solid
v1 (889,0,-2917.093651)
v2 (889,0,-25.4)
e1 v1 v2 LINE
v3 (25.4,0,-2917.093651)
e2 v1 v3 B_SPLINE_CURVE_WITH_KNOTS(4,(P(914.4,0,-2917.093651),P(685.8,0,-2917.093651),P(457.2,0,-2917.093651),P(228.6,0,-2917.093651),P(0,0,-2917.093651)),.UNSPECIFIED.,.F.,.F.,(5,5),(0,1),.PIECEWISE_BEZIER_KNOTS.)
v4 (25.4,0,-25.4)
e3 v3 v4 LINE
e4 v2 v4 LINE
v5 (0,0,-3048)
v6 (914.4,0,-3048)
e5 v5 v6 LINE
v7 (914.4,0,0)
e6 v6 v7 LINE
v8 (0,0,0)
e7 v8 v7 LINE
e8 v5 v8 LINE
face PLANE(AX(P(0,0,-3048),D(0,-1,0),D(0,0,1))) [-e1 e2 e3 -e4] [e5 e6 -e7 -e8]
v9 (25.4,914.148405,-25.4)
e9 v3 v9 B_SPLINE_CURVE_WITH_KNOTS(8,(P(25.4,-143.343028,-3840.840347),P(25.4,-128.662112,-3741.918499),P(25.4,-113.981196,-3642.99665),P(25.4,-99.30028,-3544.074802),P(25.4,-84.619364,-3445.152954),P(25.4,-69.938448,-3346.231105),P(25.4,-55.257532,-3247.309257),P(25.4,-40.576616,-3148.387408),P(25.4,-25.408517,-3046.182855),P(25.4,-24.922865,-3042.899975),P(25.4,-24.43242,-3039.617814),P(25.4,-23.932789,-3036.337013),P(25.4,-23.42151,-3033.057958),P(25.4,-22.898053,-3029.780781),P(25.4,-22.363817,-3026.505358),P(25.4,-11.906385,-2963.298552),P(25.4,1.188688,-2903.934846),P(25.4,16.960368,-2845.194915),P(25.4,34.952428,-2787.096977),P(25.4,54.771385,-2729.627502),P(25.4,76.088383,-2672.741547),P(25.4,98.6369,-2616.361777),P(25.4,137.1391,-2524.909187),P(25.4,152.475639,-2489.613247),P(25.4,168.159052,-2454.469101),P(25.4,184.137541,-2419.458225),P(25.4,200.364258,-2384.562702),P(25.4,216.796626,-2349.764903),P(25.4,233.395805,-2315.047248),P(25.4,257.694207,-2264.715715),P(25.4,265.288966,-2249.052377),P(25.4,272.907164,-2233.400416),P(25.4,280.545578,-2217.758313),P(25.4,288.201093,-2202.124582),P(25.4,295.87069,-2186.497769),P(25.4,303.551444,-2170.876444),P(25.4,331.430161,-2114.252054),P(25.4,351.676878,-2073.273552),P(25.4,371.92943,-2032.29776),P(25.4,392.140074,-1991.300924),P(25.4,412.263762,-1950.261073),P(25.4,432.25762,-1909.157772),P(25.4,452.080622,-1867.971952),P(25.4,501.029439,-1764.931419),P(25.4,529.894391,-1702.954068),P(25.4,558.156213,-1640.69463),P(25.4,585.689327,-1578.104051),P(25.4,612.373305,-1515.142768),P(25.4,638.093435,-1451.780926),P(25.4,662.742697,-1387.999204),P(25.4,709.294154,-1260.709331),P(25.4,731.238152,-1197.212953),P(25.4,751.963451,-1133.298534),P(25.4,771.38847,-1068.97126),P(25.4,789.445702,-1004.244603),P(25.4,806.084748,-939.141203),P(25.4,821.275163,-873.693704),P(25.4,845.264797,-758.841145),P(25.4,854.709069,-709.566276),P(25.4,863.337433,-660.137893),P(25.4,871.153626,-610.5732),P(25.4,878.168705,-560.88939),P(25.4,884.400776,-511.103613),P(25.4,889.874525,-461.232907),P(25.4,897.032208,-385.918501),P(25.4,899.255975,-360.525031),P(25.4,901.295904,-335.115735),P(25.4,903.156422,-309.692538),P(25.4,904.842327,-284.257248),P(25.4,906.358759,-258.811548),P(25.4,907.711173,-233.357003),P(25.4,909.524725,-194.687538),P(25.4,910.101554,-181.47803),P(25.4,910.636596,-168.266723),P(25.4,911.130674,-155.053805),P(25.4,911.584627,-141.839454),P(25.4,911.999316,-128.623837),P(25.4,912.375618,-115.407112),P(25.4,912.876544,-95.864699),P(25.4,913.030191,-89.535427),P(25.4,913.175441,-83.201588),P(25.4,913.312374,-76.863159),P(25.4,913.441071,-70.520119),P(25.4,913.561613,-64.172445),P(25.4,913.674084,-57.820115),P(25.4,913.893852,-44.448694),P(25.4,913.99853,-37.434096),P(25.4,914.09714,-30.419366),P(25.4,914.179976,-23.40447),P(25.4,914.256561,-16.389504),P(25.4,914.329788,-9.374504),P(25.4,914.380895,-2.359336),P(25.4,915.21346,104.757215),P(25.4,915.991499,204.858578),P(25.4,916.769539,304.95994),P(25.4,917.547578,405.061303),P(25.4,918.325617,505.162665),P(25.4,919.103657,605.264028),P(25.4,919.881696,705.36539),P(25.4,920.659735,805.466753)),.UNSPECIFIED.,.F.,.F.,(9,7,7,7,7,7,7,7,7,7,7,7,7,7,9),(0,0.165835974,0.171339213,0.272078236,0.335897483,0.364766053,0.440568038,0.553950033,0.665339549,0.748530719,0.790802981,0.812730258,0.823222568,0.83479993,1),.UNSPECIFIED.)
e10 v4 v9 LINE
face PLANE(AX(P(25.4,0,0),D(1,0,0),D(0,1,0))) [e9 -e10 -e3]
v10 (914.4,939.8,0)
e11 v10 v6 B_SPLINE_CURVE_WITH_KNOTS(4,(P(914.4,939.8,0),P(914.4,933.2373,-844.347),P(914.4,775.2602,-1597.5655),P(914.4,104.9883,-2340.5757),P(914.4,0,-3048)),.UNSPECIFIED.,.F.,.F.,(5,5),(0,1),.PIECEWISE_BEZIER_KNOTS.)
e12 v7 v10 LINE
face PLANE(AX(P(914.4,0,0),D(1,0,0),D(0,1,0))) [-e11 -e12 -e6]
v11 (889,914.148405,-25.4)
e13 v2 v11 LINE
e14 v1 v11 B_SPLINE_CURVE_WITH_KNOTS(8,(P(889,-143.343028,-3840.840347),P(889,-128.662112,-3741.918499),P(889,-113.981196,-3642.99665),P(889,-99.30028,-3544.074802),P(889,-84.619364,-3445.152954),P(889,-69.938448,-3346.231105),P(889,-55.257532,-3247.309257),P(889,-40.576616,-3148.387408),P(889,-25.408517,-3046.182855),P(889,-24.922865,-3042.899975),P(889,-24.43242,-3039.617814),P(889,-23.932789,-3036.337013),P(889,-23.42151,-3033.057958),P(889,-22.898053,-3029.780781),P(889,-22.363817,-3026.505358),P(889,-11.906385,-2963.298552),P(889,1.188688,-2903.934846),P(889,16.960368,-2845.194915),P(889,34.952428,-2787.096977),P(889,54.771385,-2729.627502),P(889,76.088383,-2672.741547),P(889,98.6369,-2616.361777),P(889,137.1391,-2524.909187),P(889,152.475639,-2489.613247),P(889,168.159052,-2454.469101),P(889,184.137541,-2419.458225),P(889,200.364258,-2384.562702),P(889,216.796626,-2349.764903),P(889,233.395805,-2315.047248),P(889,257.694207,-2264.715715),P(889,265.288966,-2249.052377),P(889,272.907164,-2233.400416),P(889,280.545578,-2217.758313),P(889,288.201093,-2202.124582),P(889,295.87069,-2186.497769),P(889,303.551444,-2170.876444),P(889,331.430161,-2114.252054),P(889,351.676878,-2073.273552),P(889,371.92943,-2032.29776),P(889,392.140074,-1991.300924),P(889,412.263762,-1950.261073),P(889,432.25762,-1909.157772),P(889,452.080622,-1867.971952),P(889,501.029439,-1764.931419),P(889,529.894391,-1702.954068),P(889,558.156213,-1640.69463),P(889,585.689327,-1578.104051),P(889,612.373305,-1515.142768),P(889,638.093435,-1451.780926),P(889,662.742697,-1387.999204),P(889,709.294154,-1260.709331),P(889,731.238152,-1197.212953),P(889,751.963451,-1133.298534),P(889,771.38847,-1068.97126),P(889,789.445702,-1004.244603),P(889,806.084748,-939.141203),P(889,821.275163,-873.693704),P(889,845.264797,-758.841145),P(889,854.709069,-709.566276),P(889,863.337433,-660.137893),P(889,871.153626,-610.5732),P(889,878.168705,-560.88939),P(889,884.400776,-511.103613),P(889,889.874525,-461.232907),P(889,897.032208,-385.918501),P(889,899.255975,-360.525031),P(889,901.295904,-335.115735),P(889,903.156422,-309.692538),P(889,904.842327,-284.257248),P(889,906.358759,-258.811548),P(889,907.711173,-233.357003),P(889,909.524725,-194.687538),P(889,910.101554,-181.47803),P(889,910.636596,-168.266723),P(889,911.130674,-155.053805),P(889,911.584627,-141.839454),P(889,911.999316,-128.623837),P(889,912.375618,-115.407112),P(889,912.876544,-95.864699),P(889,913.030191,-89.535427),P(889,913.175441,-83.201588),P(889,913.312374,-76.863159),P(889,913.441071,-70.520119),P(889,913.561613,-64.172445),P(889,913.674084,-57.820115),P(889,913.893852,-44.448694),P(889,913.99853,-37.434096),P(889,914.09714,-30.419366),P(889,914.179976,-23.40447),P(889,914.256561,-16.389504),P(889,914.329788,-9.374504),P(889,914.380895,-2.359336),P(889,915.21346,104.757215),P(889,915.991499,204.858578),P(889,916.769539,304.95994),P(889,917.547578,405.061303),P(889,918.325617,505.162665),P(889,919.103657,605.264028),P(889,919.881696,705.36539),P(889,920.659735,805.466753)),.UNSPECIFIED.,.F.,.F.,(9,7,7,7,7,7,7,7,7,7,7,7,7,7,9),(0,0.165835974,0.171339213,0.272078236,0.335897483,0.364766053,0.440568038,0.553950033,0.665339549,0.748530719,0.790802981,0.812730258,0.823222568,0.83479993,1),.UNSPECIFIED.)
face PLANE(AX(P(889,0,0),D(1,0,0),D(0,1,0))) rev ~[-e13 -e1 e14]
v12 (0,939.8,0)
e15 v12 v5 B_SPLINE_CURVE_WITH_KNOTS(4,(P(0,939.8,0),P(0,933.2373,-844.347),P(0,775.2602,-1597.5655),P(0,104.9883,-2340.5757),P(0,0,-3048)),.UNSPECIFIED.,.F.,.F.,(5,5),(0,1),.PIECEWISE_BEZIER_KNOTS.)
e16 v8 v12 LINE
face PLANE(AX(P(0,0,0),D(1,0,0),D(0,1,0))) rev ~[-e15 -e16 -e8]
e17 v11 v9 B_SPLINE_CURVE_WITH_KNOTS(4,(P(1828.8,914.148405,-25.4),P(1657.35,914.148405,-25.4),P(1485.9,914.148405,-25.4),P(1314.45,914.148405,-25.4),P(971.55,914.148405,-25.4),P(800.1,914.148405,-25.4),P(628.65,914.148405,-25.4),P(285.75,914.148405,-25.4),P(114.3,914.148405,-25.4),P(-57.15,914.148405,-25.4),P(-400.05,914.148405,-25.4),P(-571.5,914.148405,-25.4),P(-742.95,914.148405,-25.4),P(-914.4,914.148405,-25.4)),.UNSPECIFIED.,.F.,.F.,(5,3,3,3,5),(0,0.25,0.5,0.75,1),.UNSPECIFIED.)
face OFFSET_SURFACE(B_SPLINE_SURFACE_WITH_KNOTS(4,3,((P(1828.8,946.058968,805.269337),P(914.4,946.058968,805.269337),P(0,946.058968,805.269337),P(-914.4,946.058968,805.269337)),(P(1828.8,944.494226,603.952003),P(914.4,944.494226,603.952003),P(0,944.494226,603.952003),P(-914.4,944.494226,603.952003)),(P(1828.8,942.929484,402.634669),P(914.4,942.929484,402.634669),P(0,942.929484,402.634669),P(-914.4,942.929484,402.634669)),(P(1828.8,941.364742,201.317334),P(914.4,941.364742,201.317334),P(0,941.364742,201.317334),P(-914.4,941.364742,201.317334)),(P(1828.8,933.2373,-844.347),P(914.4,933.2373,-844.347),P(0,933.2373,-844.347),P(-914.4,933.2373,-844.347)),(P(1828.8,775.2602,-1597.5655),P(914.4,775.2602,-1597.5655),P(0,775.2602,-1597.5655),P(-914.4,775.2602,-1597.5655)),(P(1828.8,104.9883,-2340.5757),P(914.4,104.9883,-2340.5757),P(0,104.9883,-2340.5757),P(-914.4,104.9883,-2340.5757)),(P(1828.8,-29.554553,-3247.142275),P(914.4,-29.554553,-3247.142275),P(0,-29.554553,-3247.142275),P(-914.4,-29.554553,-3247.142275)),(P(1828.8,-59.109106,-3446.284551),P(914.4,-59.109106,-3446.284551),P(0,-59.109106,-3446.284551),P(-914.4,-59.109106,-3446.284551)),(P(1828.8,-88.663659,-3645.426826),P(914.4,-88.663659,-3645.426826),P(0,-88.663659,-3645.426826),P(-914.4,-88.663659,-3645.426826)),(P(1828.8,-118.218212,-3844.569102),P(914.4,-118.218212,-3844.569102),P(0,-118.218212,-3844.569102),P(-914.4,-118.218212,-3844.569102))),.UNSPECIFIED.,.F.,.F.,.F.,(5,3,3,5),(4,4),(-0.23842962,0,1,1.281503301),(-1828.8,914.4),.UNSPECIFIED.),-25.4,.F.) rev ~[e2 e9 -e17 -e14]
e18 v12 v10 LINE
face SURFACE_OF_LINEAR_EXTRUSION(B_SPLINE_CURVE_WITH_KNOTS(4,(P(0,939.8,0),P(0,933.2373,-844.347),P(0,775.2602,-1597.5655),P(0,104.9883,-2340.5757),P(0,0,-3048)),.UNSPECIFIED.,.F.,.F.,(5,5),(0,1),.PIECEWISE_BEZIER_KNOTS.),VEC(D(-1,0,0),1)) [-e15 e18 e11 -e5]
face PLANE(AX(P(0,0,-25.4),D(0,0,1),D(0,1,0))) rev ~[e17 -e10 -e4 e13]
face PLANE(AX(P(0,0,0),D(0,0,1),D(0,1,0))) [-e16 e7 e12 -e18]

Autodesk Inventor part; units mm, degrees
ref_plane "YZ Plane" through (0, 0, 0) normal (1, 0, 0) x (0, 1, 0)
ref_plane "XZ Plane" through (0, 0, 0) normal (0, 1, 0) x (-1, 0, 0)
ref_plane "XY Plane" through (0, 0, 0) normal (0, 0, 1) x (1, 0, 0)
sketch "Sketch1" plane through (0, 0, 0) normal (1, 0, 0) x (0, 1, 0)
  line L0 (0, 0) -> (939.8, 0)
  line L1 (939.8, 0) -> (939.8, -3048)
  line L2 (939.8, -3048) -> (0, -3048)
  line L3 (0, -3048) -> (0, 0)
  spline S0 degree 4 poles (939.8, 0) (933.2373, -844.347) (775.2602, -1597.5655) (104.9883, -2340.5757) (0, -3048) knots 0 0 0 0 0 1 1 1 1 1
  point P0 (856.3439, -829.8243)
  point P1 (599.6038, -1607.5959)
  point P2 (237.1471, -2366.4895)
  dimension "d0" = 939.8
  dimension "d1" = 3048
extrude "Extrusion1" add sketch "Sketch1" along normal blind 914.4 contours L0 S0 L3
shell "Shell1" thickness 25.4 removed faces 1 at (304.8, 0, -1016)
properties part number "Ramp 1" material "PBT Plastic"
